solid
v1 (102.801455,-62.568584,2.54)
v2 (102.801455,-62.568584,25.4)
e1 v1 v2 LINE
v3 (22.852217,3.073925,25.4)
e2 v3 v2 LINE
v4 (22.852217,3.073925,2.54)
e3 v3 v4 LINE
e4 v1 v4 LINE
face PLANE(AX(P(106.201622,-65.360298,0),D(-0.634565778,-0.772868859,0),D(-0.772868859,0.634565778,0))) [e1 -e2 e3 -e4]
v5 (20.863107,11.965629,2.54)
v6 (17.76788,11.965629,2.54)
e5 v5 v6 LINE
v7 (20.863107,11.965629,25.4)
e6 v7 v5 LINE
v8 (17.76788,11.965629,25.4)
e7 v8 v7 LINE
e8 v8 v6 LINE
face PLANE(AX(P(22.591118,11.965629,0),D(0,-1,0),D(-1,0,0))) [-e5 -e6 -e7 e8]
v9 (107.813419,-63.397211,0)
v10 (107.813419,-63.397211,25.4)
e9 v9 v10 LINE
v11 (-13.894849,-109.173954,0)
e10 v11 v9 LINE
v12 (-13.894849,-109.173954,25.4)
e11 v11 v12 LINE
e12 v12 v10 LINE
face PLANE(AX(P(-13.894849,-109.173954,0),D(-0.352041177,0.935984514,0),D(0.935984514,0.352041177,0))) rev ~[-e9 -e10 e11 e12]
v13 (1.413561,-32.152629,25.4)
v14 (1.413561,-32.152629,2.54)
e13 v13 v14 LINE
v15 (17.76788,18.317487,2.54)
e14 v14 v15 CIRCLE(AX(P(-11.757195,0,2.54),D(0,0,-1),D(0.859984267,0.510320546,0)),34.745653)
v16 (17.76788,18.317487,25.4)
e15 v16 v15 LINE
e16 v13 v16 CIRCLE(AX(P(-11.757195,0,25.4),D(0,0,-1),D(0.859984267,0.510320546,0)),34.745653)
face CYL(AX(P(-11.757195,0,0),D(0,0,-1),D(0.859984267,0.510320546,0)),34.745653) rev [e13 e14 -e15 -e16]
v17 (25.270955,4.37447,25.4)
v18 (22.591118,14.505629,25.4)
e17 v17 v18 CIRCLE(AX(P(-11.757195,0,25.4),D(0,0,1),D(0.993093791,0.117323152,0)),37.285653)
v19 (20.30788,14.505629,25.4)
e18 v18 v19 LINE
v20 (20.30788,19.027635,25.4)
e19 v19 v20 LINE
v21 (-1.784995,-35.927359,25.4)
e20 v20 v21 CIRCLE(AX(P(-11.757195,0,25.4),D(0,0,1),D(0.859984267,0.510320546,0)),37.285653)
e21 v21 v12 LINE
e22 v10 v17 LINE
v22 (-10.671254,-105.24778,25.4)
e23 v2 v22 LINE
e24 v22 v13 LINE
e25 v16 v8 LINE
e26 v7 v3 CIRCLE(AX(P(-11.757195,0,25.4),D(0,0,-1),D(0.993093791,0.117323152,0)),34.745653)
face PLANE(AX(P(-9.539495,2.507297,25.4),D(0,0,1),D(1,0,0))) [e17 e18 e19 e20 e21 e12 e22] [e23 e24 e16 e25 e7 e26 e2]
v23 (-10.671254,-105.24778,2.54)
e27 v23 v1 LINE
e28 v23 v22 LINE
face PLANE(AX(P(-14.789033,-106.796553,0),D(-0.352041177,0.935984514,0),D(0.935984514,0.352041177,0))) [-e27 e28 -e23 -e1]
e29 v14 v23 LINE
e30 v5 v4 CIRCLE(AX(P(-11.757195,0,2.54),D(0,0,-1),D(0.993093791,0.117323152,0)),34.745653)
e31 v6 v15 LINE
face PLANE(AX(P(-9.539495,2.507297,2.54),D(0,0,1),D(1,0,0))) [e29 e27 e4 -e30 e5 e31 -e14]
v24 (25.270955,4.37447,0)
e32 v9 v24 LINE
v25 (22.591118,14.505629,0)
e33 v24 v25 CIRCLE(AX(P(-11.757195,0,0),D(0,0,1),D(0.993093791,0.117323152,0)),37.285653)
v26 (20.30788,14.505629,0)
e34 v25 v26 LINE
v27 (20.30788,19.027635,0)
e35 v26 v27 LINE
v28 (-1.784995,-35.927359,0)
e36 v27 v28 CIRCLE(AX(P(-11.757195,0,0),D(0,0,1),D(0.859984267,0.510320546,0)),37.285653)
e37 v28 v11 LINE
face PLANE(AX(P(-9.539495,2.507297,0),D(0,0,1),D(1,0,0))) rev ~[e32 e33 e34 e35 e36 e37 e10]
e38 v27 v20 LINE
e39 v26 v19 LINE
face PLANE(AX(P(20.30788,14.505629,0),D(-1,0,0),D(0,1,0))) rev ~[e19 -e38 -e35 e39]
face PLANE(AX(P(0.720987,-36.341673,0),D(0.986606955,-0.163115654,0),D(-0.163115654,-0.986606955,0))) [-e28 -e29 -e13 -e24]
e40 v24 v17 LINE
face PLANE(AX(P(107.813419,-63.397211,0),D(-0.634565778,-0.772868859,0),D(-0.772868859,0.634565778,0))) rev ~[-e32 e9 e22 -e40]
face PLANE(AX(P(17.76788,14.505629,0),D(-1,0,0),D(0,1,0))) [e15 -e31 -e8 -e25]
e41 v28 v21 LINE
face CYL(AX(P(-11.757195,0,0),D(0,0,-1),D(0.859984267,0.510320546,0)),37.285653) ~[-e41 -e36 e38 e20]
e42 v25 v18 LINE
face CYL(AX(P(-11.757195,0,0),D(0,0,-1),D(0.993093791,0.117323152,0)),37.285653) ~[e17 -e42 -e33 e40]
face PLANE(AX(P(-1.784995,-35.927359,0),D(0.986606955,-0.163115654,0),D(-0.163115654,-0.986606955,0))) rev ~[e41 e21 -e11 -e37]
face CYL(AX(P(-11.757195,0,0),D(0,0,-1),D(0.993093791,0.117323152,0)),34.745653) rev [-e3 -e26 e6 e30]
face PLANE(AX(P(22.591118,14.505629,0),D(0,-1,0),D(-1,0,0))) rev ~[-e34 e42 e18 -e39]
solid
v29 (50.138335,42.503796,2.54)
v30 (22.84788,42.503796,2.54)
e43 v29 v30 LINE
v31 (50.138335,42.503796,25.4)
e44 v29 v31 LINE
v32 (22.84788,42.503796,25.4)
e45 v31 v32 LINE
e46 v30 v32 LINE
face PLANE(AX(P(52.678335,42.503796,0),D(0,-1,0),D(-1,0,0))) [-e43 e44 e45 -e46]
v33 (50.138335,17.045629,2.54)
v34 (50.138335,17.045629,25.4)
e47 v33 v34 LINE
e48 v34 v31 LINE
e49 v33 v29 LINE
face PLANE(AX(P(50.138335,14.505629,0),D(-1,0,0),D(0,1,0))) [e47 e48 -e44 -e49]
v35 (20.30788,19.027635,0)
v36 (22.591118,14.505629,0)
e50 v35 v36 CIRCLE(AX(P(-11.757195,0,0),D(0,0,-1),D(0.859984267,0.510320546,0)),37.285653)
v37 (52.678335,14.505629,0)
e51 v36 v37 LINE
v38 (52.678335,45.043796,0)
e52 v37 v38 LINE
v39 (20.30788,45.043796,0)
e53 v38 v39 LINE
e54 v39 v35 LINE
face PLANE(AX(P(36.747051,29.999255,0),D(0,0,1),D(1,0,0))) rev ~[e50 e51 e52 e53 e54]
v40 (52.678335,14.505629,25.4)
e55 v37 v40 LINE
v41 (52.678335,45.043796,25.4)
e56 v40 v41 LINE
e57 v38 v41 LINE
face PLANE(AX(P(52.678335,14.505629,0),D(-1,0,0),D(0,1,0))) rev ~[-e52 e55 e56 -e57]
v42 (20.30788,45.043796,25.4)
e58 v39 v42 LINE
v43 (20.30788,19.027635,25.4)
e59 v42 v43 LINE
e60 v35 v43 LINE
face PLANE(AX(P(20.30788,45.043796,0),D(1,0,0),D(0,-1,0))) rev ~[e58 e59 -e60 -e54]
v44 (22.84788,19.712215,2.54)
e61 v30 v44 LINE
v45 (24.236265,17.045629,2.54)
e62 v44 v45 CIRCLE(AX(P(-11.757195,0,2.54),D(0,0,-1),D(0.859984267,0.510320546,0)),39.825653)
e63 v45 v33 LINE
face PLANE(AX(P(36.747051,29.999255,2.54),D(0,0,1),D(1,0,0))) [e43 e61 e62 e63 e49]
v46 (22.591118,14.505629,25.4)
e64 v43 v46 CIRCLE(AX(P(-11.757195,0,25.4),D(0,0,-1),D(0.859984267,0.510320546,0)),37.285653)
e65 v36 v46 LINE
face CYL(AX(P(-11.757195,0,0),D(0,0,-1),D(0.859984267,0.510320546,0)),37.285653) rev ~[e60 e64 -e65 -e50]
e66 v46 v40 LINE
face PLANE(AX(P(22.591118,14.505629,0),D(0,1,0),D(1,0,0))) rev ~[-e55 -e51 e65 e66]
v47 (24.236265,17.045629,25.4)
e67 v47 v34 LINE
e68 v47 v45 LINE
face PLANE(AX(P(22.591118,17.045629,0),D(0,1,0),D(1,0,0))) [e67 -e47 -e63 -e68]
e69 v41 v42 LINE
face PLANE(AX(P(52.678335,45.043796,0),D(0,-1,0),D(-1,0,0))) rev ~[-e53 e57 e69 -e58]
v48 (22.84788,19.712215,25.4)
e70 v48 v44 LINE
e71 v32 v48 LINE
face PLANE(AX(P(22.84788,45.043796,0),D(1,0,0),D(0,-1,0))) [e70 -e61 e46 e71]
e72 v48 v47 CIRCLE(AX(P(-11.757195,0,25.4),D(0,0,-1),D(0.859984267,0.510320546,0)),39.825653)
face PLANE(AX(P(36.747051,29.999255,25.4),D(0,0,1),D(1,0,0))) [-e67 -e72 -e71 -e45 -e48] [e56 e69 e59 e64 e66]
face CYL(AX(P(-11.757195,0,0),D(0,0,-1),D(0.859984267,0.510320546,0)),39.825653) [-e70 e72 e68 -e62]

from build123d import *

# Parameters (mm, degrees)
F1_DEPTH = 25.4
F2_T     = -2.54
F2_2_T   = -2.54


with BuildPart() as f1:
    # F0 (on Top) → F1 (new body)
    with BuildSketch(Plane.XY):
        with BuildLine():
            ThreePointArc((20.307879895, 19.0276347573), (21.5263845302, 16.8054528694), (22.5911183123, 14.5056294277))
            Line((22.5911183123, 14.5056294277), (52.678335458, 14.5056294277))
            Line((52.678335458, 14.5056294277), (52.678335458, 45.0437963009))
            Line((52.678335458, 45.0437963009), (20.307879895, 45.0437963009))
            Line((20.307879895, 45.0437963009), (20.307879895, 19.0276347573))
        make_face()
    extrude(amount=F1_DEPTH)

    # F2#2
    f2_2_openings = [f1.faces().sort_by_distance(p)[0] for p in [
        (36.578547, 29.850824, 25.4),
    ]]
    offset(amount=F2_2_T, openings=f2_2_openings)


with BuildPart() as f1b:
    # F0 (on Top) → F1, piece 2 (new body)
    with BuildSketch(Plane.XY):
        with BuildLine():
            Line((7.3154635593, 19.116868731), (25.2709553989, 4.3744703169))
            ThreePointArc((25.2709553989, 4.3744703169), (24.2887477567, 9.534669543), (22.5911183123, 14.5056294277))
            Line((22.5911183123, 14.5056294277), (20.307879895, 14.5056294277))
            Line((20.307879895, 14.5056294277), (20.307879895, 19.0276347573))
            ThreePointArc((20.307879895, 19.0276347573), (-46.3519339996, 13.9076937512), (-1.7849945216, -35.9273590724))
            Line((-1.7849945216, -35.9273590724), (7.3154635593, 19.116868731))
        make_face()
        with BuildLine():
            ThreePointArc((25.2709553989, 4.3744703169), (25.4640266081, 2.1910213426), (25.5284579046, 0))
            ThreePointArc((25.5284579046, 0), (17.9247853773, -22.5654592982), (-1.7849945216, -35.9273590724))
            Line((-1.7849945216, -35.9273590724), (-13.8948485255, -109.1739535332))
            Line((-13.8948485255, -109.1739535332), (107.8134186701, -63.3972114887))
            Line((107.8134186701, -63.3972114887), (25.2709553989, 4.3744703169))
        make_face()
        with BuildLine():
            ThreePointArc((-1.7849945216, -35.9273590724), (17.9247853773, -22.5654592982), (25.5284579046, 0))
            ThreePointArc((25.5284579046, 0), (25.4640266081, 2.1910213426), (25.2709553989, 4.3744703169))
            Line((25.2709553989, 4.3744703169), (7.3154635593, 19.116868731))
            Line((7.3154635593, 19.116868731), (-1.7849945216, -35.9273590724))
        make_face()
    extrude(amount=F1_DEPTH)

    # F2
    f2_openings = [f1b.faces().sort_by_distance(p)[0] for p in [
        (17.131687, -33.902395, 25.4),
    ]]
    offset(amount=F2_T, openings=f2_openings, kind=Kind.INTERSECTION)


solid = Compound([f1.part, f1b.part])
